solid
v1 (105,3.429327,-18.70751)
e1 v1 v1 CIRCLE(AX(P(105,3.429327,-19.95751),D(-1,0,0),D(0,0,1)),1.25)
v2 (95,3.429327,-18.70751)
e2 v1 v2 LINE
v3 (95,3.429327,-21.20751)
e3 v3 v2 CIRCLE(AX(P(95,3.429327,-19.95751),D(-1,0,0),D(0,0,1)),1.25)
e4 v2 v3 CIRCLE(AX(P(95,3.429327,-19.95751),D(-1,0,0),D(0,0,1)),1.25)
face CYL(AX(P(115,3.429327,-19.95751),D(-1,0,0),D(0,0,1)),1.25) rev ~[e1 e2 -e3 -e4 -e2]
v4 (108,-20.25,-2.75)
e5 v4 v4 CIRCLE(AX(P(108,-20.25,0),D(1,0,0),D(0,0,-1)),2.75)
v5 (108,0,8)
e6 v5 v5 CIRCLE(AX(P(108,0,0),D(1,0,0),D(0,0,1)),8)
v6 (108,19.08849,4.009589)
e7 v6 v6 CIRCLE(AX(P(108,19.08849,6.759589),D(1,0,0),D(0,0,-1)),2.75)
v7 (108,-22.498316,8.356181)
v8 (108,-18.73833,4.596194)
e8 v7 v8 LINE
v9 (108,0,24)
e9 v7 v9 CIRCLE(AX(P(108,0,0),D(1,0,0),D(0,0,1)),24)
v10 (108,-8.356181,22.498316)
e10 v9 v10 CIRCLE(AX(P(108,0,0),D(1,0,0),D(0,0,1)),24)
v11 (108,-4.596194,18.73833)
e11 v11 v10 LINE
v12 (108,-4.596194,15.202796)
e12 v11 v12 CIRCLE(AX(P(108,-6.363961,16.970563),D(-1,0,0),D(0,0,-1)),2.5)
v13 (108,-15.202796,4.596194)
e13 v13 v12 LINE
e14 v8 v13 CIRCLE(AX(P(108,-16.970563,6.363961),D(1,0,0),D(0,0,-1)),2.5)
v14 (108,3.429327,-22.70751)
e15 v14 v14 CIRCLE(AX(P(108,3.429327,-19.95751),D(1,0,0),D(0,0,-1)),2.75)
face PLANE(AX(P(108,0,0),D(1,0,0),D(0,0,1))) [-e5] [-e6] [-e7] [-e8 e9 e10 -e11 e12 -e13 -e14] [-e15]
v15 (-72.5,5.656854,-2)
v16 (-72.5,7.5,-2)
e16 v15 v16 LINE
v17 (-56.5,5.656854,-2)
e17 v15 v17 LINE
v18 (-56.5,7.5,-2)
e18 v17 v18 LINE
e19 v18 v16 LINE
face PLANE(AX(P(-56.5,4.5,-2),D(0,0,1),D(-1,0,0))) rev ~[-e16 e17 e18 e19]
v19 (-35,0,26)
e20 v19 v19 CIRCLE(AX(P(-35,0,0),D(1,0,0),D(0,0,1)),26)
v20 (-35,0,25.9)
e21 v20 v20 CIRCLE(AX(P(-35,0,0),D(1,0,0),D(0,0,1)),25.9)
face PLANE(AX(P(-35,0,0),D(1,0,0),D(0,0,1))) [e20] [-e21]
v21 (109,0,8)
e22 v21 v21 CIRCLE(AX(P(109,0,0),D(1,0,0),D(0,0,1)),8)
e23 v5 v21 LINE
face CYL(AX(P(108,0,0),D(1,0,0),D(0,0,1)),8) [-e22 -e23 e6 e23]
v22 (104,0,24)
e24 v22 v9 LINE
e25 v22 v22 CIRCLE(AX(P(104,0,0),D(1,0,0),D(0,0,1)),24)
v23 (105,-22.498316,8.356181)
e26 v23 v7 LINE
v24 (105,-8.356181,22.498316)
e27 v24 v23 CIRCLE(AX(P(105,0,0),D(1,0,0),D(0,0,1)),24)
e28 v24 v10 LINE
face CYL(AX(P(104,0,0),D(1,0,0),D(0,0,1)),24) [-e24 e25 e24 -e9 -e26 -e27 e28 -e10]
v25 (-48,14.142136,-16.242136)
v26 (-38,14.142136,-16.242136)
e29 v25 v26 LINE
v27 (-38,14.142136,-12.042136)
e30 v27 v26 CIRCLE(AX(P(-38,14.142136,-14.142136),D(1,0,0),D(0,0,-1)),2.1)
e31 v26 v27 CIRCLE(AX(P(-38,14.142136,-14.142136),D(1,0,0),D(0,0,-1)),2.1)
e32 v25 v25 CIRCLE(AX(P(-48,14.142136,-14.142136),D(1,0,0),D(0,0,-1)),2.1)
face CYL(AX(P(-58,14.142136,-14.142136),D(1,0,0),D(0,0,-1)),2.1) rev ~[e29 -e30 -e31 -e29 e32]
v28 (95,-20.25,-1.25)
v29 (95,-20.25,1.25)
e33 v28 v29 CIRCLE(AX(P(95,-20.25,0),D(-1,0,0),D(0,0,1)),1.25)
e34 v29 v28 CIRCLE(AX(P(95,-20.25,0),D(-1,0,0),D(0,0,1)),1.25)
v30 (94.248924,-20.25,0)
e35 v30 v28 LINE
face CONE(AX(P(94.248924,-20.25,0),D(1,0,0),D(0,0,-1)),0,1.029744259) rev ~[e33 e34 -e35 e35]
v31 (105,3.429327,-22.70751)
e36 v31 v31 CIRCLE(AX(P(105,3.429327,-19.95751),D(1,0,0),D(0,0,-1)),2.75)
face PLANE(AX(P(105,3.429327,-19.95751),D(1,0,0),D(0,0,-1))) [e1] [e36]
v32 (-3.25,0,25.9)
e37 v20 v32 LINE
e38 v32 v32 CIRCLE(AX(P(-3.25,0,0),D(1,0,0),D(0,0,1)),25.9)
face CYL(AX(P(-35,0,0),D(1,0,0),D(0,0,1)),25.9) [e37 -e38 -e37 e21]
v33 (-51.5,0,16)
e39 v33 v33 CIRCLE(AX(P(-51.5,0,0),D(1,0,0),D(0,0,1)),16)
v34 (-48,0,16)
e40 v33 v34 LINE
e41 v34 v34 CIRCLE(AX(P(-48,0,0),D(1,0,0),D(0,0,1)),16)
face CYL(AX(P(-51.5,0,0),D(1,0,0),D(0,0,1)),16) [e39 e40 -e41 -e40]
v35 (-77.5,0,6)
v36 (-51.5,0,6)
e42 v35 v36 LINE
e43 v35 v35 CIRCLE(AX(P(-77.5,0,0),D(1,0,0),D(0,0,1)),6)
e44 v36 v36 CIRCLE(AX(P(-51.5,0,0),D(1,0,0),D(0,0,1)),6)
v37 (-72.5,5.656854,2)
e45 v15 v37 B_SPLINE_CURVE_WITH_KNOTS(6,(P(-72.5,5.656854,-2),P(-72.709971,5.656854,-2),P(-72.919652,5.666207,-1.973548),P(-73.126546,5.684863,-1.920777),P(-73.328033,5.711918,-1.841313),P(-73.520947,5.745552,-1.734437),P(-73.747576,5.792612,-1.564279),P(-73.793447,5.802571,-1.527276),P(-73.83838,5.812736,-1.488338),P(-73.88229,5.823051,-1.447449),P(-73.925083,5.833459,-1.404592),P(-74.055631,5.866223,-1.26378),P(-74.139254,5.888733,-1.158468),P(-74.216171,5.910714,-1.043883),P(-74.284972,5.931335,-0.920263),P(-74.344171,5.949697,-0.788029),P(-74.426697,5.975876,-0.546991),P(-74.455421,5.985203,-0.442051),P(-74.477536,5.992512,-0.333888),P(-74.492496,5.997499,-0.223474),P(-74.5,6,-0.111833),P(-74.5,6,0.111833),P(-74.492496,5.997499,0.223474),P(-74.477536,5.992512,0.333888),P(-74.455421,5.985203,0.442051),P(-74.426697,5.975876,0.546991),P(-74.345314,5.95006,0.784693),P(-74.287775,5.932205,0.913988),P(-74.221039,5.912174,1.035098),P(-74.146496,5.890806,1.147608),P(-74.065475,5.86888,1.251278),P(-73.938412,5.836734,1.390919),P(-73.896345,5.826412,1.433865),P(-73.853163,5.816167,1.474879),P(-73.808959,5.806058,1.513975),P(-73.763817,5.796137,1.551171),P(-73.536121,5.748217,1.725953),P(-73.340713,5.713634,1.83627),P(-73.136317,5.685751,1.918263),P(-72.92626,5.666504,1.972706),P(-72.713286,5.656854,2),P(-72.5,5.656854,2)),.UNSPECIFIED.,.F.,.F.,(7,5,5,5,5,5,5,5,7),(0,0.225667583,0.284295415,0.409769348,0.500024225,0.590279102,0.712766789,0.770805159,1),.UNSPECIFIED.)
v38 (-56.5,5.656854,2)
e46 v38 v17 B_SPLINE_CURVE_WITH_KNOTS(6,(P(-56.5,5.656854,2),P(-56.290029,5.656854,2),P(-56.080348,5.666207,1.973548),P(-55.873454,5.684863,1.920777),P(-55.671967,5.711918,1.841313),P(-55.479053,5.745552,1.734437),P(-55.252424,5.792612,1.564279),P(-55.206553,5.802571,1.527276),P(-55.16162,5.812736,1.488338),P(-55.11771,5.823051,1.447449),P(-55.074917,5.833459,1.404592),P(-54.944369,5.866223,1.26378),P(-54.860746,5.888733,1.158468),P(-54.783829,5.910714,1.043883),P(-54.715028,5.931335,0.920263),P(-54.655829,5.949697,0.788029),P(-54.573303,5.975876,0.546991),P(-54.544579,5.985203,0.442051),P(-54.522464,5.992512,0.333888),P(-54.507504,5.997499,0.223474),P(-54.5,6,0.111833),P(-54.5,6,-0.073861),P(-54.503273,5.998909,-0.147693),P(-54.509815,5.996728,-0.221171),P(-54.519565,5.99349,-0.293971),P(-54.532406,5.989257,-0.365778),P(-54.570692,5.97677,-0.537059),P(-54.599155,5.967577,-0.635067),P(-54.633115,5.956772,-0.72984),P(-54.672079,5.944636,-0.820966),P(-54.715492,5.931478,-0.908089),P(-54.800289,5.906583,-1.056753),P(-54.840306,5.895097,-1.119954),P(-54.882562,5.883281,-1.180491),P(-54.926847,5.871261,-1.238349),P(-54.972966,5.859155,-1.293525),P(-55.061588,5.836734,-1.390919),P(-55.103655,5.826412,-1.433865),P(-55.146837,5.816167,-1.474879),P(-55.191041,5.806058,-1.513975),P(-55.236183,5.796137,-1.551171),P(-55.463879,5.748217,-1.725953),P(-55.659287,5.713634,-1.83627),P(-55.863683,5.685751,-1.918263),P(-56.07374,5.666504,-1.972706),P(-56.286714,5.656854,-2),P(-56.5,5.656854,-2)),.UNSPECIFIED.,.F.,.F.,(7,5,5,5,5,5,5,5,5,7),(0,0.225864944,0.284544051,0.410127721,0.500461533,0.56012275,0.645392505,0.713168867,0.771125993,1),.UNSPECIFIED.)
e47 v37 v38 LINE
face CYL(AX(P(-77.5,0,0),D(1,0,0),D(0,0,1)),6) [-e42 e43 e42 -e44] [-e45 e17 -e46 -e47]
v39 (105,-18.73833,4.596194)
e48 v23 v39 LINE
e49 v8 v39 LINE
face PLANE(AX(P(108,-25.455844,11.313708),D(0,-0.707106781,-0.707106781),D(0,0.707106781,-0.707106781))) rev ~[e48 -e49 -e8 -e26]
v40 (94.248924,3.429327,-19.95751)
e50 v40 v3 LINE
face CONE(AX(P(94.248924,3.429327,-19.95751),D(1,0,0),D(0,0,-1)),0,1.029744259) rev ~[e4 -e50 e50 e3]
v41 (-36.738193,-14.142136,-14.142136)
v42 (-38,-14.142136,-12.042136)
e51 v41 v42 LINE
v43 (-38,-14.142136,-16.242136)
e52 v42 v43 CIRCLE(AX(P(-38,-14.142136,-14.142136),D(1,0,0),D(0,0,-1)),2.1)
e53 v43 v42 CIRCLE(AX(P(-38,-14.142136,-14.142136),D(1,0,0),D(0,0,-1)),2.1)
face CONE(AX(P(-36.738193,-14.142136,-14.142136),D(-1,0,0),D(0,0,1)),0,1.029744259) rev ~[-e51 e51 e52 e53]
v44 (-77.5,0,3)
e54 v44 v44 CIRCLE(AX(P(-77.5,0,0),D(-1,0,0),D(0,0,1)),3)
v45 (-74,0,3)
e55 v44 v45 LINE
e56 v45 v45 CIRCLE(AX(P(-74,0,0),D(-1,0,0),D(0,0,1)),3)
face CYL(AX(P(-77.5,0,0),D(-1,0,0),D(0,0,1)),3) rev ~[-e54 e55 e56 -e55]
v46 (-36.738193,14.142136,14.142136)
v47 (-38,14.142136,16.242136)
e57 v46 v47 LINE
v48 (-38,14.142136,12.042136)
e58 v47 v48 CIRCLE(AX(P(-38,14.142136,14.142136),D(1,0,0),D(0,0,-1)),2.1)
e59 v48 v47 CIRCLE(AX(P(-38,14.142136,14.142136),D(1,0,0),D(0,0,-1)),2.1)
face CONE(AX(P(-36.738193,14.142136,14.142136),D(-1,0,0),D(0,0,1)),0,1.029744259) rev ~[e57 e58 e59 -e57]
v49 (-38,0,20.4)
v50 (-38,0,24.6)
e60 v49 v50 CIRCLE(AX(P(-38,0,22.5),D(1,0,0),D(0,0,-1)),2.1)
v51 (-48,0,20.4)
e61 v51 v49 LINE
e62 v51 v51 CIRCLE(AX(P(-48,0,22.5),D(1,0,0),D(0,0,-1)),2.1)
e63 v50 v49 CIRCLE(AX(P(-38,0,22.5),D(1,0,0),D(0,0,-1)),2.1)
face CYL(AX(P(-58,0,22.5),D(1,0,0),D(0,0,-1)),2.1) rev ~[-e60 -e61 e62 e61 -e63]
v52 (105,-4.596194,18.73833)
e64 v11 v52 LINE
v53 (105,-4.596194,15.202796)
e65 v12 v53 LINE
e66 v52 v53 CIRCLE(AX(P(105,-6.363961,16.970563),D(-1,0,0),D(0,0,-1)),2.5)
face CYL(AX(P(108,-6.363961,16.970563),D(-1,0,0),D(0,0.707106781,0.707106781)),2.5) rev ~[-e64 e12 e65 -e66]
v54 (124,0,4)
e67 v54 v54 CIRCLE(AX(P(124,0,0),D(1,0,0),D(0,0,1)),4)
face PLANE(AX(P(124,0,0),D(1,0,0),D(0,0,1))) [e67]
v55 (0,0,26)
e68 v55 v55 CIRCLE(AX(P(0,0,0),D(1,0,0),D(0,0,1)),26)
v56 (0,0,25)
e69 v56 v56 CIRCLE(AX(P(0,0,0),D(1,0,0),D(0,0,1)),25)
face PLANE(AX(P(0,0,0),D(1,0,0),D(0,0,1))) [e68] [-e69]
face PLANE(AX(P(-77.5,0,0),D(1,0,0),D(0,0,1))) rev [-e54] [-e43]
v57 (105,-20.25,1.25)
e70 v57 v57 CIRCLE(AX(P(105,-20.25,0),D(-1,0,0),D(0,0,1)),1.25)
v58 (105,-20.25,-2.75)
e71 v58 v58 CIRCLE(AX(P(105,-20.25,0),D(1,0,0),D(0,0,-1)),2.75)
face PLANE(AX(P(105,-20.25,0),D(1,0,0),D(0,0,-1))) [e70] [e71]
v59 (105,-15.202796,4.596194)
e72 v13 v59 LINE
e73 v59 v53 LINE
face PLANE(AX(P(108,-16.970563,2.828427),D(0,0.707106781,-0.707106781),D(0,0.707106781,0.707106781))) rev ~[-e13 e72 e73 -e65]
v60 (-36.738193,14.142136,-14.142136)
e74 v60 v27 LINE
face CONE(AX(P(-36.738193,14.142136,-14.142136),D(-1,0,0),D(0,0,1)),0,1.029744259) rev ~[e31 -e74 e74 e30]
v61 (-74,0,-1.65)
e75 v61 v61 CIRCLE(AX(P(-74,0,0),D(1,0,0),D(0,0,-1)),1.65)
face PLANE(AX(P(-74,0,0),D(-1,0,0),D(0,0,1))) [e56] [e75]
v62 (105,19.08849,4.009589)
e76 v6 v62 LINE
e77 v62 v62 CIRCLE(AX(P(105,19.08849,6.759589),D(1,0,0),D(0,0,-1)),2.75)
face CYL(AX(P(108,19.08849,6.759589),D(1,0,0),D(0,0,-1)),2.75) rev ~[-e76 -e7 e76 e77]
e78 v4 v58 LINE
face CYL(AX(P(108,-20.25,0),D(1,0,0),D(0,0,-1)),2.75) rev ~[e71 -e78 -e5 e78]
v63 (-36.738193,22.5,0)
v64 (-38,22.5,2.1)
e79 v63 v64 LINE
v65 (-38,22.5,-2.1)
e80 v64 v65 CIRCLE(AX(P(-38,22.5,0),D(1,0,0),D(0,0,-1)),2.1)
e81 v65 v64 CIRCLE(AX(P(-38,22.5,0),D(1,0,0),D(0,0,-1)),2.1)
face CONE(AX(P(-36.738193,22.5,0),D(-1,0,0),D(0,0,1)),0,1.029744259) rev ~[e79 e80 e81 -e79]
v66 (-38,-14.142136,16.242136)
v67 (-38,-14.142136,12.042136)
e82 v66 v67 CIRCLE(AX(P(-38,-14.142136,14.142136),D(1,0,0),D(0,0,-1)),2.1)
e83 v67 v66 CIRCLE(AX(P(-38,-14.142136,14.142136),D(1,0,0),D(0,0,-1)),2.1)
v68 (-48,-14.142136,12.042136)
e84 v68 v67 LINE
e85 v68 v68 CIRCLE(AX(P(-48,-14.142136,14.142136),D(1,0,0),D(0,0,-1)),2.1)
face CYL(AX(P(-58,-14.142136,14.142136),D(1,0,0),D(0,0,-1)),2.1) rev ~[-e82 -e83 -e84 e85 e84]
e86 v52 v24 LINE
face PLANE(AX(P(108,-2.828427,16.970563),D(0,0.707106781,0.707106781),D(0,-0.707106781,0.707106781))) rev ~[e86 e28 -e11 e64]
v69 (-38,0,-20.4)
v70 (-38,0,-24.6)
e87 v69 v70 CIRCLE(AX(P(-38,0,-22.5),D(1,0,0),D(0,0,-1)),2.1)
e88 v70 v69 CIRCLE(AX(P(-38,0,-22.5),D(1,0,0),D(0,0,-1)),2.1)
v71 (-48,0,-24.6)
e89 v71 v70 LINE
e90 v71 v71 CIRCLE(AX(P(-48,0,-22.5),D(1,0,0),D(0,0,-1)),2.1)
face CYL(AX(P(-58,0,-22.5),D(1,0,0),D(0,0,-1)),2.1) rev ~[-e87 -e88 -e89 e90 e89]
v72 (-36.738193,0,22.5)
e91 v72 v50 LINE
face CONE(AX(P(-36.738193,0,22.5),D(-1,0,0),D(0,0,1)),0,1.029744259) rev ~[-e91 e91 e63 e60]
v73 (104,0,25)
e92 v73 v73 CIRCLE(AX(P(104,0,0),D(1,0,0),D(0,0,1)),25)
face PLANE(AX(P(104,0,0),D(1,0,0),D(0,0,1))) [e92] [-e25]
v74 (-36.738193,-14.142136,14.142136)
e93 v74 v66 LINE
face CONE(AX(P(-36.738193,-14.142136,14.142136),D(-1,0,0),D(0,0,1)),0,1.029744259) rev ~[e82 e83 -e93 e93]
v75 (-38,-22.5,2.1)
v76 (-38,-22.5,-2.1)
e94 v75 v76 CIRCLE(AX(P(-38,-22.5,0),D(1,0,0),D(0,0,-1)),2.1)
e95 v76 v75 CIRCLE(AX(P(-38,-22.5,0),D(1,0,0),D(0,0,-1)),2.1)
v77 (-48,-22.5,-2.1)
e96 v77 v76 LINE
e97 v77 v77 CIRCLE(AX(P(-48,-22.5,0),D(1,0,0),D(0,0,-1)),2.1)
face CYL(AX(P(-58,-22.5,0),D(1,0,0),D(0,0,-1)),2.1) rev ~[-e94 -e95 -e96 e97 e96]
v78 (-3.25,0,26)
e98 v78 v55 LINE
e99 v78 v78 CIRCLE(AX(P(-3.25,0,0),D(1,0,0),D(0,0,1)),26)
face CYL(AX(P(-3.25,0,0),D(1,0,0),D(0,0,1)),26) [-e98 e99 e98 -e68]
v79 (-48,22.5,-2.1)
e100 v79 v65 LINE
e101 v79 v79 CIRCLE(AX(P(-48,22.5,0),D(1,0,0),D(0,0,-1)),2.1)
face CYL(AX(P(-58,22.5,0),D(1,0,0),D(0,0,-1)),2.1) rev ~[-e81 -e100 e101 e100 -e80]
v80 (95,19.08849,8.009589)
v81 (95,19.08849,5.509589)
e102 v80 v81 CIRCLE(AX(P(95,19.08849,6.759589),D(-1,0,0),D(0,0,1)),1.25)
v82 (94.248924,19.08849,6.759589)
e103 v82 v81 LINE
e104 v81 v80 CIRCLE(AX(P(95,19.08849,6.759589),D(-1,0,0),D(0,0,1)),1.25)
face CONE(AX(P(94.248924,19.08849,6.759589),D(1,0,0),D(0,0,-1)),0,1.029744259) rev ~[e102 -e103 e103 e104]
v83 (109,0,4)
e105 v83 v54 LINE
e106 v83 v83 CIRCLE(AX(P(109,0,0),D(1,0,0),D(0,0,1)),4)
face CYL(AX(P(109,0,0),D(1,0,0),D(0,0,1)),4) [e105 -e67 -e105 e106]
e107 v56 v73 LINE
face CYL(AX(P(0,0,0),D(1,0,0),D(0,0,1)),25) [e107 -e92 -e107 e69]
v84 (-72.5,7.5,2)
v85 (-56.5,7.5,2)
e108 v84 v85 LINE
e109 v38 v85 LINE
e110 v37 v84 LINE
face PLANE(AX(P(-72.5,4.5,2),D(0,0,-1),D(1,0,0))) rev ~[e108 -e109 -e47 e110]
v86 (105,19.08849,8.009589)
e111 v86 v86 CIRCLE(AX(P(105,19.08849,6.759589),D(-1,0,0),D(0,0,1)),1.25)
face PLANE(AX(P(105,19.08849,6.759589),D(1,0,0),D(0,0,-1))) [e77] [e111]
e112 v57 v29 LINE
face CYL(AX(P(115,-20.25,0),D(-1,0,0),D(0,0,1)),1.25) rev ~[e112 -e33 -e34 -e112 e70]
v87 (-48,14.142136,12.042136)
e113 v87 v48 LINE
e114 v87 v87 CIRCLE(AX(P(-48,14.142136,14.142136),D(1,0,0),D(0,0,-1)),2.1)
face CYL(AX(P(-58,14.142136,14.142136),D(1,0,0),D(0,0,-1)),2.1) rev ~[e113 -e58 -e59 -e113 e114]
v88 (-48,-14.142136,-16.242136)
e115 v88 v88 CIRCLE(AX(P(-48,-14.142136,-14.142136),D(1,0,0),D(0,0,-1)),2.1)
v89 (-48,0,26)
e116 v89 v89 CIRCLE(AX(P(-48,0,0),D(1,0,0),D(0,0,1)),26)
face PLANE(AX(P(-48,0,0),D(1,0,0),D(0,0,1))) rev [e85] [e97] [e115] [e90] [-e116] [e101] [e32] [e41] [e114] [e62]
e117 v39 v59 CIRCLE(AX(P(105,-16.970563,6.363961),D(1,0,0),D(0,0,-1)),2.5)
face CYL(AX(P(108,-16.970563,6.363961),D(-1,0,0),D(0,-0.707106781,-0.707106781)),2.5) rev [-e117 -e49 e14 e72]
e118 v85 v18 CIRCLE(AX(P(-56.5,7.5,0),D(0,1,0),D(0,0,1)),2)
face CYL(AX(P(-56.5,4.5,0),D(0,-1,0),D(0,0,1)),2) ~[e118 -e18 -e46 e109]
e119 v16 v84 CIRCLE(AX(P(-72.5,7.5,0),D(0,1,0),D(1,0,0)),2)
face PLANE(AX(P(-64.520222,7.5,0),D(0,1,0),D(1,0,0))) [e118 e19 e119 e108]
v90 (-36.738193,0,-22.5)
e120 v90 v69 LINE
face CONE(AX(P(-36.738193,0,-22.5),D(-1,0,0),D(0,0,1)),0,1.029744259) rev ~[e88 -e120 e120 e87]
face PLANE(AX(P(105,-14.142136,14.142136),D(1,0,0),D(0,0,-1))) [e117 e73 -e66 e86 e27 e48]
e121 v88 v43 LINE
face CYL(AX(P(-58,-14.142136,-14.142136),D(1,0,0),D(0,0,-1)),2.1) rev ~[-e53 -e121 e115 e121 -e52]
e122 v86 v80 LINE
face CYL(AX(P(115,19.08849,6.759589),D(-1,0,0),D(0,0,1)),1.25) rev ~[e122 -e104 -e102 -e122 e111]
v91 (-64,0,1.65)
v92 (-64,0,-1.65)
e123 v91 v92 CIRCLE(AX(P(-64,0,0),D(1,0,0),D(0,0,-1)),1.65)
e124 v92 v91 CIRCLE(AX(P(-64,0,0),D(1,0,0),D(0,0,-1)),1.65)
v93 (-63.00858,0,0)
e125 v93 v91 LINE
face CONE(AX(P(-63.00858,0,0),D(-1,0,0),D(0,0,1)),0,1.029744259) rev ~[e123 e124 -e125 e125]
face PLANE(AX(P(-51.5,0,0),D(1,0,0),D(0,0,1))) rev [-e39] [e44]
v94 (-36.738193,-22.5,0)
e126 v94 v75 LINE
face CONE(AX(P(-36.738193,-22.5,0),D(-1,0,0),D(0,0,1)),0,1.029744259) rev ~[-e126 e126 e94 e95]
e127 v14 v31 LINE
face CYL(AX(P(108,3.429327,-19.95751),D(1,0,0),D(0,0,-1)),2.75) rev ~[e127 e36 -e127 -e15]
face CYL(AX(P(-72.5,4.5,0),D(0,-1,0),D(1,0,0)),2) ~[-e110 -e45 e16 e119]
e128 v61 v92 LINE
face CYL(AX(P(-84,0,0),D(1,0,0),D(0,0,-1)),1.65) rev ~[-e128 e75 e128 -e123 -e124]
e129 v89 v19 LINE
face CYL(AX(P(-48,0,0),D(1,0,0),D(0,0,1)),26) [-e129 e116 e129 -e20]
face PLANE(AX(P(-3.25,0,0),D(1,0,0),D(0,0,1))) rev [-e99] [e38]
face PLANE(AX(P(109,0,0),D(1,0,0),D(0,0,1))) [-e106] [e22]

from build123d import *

# Parameters (mm, degrees)
BOSS_EXTRUDE1_DEPTH             = 1.5
BOSS_EXTRUDE1_DEPTH_BACK        = 1.5
SKETCH4_R                       = 3
CUT_EXTRUDE1_DEPTH              = 3.5
TAP_DRILL_FOR_M4X0_7_TAP1_D     = 3.3
TAP_DRILL_FOR_M4X0_7_TAP1_DEPTH = 10
TAP_DRILL_FOR_M4X0_7_TAP1_TIP   = 0.991420021
TAP_DRILL_FOR_M5X0_8_TAP1_D     = 4.2
TAP_DRILL_FOR_M5X0_8_TAP1_DEPTH = 10
TAP_DRILL_FOR_M5X0_8_TAP1_TIP   = 1.2618073
CUT_EXTRUDE2_DEPTH              = 3
FILLET1_R                       = 2.5
SKETCH12_R                      = 2.75
CUT_EXTRUDE3_DEPTH              = 3
TAP_DRILL_FOR_M3X0_5_TAP2_D     = 2.5
TAP_DRILL_FOR_M3X0_5_TAP2_DEPTH = 10
TAP_DRILL_FOR_M3X0_5_TAP2_TIP   = 0.751075774


with BuildPart() as part:
    # Sketch2 → Revolve1 (revolve)
    with BuildSketch(Plane(origin=(0, 0, 0), x_dir=(1, 0, 0), z_dir=(0, 1, 0))):
        Polygon((-77.5, 0), (-77.5, 6), (-51.5, 6), (-51.5, 16), (-48, 16), (-48, 26), (-35, 26), (-35, 25.9), (-3.25, 25.9), (-3.25, 26), (0, 26), (0, 25), (104, 25), (104, 24), (108, 24), (108, 8), (109, 8), (109, 4), (124, 4), (124, 0), align=None)
    revolve(axis=Axis((-131.1939937, 0, 0), (1, 0, 0)))

    # Sketch3 → Boss-Extrude1 (add, two sides: drawn at the far end of the back side and taken through both)
    with BuildSketch(Plane(origin=(0, 6, 0), x_dir=(1, 0, 0), z_dir=(0, 1, 0)).offset(-BOSS_EXTRUDE1_DEPTH_BACK)):
        with BuildLine():
            Line((-56.5, 2), (-72.5, 2))
            ThreePointArc((-72.5, 2), (-74.5, 0), (-72.5, -2))
            Line((-72.5, -2), (-56.5, -2))
            ThreePointArc((-56.5, -2), (-54.5, 0), (-56.5, 2))
        make_face()
    extrude(amount=BOSS_EXTRUDE1_DEPTH + BOSS_EXTRUDE1_DEPTH_BACK)

    # Sketch4 → Cut-Extrude1 (cut)
    with BuildSketch(Plane.ZY.offset(77.5)):
        Circle(SKETCH4_R)
    extrude(amount=-CUT_EXTRUDE1_DEPTH, mode=Mode.SUBTRACT)

    # Tap Drill for M4x0.7 Tap1
    with Locations(Plane.ZY.offset(74)):
        with Locations((0, 0)):
            Hole(TAP_DRILL_FOR_M4X0_7_TAP1_D / 2, depth=TAP_DRILL_FOR_M4X0_7_TAP1_DEPTH)
            with Locations((0, 0, -(TAP_DRILL_FOR_M4X0_7_TAP1_DEPTH + TAP_DRILL_FOR_M4X0_7_TAP1_TIP / 2))):  # 118° drill point
                Cone(0, TAP_DRILL_FOR_M4X0_7_TAP1_D / 2, TAP_DRILL_FOR_M4X0_7_TAP1_TIP, mode=Mode.SUBTRACT)

    # Tap Drill for M5x0.8 Tap1
    with Locations(Plane.ZY.offset(48)):
        with Locations((0, 22.5), (14.142135624, 14.142135624), (22.5, 0), (14.142135624, -14.142135624), (0, -22.5), (-14.142135624, -14.142135624), (-22.5, 0), (-14.142135624, 14.142135624)):
            Hole(TAP_DRILL_FOR_M5X0_8_TAP1_D / 2, depth=TAP_DRILL_FOR_M5X0_8_TAP1_DEPTH)
            with Locations((0, 0, -(TAP_DRILL_FOR_M5X0_8_TAP1_DEPTH + TAP_DRILL_FOR_M5X0_8_TAP1_TIP / 2))):  # 118° drill point
                Cone(0, TAP_DRILL_FOR_M5X0_8_TAP1_D / 2, TAP_DRILL_FOR_M5X0_8_TAP1_TIP, mode=Mode.SUBTRACT)

    # Sketch13 → Cut-Extrude2 (cut)
    with BuildSketch(Plane(origin=(108, 0, 0), x_dir=(0, 0, -1), z_dir=(1, 0, 0))):
        Polygon((-16.970562748, -2.828427125), (-25.455844123, -11.313708499), (-11.313708499, -25.455844123), (-2.828427125, -16.970562748), align=None)
    extrude(amount=-CUT_EXTRUDE2_DEPTH, mode=Mode.SUBTRACT)

    # Fillet1
    fillet1_edges = [part.edges().sort_by_distance(p)[0] for p in [
        (106.5, -16.970562748, 2.828427125),
        (106.5, -2.828427125, 16.970562748),
    ]]
    fillet(fillet1_edges, radius=FILLET1_R)

    # Sketch12 → Cut-Extrude3 (cut)
    with BuildSketch(Plane(origin=(108, 0, 0), x_dir=(0, 0, -1), z_dir=(1, 0, 0))):
        with Locations((-6.759588899, 19.088490195)):
            Circle(SKETCH12_R)
        with Locations((19.957510196, 3.429327453)):
            Circle(SKETCH12_R)
        with Locations((0, -20.25)):
            Circle(SKETCH12_R)
    extrude(amount=-CUT_EXTRUDE3_DEPTH, mode=Mode.SUBTRACT)

    # Tap Drill for M3x0.5 Tap2
    with Locations(Plane(origin=(105, 0, 0), x_dir=(0, 0, -1), z_dir=(1, 0, 0))):
        with Locations((-6.759588899, 19.088490195), (19.957510196, 3.429327453), (0, -20.25)):
            Hole(TAP_DRILL_FOR_M3X0_5_TAP2_D / 2, depth=TAP_DRILL_FOR_M3X0_5_TAP2_DEPTH)
            with Locations((0, 0, -(TAP_DRILL_FOR_M3X0_5_TAP2_DEPTH + TAP_DRILL_FOR_M3X0_5_TAP2_TIP / 2))):  # 118° drill point
                Cone(0, TAP_DRILL_FOR_M3X0_5_TAP2_D / 2, TAP_DRILL_FOR_M3X0_5_TAP2_TIP, mode=Mode.SUBTRACT)


solid = part.part
